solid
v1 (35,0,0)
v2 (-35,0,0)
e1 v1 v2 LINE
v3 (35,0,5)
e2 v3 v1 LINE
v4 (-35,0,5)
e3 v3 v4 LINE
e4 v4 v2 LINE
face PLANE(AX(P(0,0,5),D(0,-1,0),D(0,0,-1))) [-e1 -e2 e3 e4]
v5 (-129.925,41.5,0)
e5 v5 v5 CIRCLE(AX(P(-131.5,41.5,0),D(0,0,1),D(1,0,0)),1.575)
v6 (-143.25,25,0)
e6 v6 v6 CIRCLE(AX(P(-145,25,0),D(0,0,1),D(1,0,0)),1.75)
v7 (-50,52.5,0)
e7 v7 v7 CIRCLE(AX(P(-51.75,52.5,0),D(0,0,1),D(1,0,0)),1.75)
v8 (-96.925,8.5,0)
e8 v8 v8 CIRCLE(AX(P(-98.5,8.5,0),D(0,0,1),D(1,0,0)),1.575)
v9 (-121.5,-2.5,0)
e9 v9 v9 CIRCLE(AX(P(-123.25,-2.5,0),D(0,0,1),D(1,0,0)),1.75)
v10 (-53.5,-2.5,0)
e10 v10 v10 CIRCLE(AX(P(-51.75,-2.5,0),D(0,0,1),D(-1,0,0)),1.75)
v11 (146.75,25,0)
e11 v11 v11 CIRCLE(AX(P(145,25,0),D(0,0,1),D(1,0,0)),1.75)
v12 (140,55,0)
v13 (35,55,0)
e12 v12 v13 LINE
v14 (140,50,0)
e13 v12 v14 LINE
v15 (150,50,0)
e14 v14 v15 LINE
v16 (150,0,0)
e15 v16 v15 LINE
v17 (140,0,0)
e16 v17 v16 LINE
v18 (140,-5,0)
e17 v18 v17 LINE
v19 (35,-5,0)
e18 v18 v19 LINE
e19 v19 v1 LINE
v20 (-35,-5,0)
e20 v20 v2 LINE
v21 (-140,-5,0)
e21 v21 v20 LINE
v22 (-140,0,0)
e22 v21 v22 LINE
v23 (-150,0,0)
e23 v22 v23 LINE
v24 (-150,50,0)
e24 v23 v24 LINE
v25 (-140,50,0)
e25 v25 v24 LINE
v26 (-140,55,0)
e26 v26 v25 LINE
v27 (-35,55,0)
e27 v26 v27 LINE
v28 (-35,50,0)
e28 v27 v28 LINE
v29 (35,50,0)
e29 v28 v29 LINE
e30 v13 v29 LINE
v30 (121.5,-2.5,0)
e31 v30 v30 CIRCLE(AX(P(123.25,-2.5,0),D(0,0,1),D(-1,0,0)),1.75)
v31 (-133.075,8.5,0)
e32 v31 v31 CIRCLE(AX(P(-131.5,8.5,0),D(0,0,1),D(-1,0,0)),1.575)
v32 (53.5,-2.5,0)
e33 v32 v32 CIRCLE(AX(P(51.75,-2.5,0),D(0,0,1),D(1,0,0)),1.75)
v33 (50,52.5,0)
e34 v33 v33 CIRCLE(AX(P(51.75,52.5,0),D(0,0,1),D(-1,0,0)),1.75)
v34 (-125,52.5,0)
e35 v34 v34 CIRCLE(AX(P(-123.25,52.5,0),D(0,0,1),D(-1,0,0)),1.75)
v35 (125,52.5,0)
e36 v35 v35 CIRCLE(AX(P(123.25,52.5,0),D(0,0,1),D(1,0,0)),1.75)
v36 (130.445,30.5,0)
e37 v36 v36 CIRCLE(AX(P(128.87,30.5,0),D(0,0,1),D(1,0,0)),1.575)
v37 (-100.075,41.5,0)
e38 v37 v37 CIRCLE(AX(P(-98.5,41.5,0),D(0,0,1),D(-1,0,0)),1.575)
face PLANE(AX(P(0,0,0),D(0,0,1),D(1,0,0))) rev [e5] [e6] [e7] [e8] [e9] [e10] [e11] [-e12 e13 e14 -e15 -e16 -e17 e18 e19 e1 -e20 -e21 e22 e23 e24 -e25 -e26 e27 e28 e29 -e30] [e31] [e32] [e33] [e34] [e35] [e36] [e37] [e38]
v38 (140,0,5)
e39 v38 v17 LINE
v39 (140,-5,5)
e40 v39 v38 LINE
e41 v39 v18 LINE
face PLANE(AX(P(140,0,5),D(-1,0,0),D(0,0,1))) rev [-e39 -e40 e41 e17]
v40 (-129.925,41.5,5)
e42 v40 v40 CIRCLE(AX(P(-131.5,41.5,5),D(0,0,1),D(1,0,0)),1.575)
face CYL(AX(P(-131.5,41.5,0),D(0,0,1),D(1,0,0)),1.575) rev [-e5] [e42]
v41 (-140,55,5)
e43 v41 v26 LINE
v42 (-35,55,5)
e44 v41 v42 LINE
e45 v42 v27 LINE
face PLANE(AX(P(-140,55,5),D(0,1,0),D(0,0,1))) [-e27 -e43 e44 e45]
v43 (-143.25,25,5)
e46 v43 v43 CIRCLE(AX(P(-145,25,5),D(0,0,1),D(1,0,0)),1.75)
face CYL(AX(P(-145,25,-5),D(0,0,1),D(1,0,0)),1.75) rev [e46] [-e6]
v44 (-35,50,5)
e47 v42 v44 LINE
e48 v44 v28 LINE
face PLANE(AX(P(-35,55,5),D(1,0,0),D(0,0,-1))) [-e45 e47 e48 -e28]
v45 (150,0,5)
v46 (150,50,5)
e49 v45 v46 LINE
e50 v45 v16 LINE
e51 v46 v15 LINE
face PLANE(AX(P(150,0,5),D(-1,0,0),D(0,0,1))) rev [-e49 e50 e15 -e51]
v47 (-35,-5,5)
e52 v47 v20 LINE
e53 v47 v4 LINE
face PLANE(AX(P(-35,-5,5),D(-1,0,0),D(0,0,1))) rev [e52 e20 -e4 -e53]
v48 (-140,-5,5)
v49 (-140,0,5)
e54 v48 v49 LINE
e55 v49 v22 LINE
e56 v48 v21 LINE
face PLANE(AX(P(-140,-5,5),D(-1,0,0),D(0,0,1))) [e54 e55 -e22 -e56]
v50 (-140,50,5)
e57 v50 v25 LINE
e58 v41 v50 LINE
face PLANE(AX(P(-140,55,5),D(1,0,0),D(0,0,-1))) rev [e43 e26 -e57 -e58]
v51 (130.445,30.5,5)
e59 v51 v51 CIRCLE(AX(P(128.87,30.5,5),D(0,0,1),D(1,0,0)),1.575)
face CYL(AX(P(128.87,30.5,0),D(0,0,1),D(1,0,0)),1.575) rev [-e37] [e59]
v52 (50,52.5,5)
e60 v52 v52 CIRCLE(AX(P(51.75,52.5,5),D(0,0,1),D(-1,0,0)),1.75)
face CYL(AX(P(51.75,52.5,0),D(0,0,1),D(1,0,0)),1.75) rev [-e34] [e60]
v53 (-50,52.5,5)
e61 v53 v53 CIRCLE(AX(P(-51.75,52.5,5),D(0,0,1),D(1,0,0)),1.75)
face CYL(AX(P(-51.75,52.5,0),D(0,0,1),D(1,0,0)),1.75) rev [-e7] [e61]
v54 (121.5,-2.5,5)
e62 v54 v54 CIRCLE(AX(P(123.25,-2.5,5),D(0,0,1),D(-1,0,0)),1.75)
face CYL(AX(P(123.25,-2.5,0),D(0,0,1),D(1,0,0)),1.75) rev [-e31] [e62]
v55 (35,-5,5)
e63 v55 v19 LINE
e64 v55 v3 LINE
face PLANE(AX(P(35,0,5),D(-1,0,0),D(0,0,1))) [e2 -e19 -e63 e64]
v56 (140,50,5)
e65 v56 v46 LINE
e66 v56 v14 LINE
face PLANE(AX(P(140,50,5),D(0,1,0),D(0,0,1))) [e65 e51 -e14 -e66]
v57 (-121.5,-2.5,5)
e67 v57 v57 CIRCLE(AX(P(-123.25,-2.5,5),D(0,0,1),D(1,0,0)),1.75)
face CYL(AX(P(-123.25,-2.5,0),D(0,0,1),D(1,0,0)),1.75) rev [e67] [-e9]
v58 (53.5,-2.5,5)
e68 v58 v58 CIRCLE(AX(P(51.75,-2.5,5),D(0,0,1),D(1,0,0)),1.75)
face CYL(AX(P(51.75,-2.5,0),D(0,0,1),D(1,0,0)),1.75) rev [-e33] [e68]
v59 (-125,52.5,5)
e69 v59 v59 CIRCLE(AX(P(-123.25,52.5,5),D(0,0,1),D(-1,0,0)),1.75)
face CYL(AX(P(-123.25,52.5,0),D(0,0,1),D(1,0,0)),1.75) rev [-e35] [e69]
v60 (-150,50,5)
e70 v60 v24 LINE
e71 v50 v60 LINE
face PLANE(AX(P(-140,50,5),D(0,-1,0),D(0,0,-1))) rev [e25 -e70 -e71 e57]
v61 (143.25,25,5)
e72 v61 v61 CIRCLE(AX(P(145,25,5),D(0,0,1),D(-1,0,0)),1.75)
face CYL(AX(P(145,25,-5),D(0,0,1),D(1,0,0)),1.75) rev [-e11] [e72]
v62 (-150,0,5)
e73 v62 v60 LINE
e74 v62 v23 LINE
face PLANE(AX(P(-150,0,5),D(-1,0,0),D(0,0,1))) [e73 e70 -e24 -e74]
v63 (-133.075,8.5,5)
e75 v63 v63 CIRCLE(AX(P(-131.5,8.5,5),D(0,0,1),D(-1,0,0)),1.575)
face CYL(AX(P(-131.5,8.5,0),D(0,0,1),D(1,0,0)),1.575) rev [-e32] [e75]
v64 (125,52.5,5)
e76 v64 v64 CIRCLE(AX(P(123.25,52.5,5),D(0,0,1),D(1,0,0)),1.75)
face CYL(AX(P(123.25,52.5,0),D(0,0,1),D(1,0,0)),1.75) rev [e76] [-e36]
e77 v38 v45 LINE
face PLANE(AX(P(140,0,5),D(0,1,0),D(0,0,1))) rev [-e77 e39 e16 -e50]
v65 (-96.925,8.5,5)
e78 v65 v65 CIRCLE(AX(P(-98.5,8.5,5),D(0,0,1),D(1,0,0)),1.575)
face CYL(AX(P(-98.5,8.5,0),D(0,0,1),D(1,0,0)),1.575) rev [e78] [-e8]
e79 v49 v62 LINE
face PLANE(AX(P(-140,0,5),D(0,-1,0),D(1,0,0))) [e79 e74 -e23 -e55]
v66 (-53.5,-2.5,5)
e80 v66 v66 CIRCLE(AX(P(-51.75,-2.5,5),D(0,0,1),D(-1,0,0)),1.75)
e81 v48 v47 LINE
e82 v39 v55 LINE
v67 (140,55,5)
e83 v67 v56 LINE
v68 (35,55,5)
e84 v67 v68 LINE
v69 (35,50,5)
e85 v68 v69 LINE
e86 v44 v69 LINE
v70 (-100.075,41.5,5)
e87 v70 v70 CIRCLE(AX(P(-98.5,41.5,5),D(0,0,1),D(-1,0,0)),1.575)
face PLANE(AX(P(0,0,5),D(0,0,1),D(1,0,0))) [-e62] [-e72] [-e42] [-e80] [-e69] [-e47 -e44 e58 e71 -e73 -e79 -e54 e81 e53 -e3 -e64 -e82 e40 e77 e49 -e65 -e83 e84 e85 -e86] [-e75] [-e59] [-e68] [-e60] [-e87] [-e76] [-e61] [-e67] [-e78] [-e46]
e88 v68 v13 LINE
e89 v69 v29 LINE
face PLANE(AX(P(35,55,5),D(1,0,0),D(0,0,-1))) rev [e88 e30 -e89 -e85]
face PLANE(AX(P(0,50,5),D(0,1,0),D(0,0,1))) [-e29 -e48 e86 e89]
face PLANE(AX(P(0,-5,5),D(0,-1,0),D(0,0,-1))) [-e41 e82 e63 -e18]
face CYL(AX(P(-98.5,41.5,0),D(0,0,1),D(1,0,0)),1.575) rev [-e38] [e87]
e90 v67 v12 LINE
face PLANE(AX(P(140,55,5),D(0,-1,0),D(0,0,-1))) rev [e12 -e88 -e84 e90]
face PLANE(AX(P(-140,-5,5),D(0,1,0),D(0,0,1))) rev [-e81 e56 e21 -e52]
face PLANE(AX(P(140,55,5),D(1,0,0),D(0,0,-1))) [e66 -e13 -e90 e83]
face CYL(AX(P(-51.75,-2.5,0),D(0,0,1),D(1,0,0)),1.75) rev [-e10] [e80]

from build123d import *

# Parameters (mm, degrees)
SKETCH1_W           = 105
SKETCH1_H           = 5
SKETCH1_W_2         = 10
SKETCH1_H_2         = 50
BOSS_EXTRUDE1_DEPTH = 5
SKETCH2_R           = 1.75
CUT_EXTRUDE1_DEPTH  = 5
SKETCH3_R           = 1.75
CUT_EXTRUDE2_DEPTH  = 10
SKETCH5_R           = 1.575
CUT_EXTRUDE4_DEPTH  = 160.843673631


with BuildPart() as part:
    # Sketch1 → Boss-Extrude1 (new body)
    with BuildSketch(Plane.XY):
        Polygon((-35, 0), (0, 0), (0, 50), (-35, 50), (-140, 50), (-140, 0), align=None)
        Polygon((0, 50), (0, 0), (35, 0), (140, 0), (140, 50), (35, 50), align=None)
        with Locations((-87.5, -2.5)):
            Rectangle(SKETCH1_W, SKETCH1_H)
        with Locations((87.5, -2.5)):
            Rectangle(SKETCH1_W, SKETCH1_H)
        with Locations((-87.5, 52.5)):
            Rectangle(SKETCH1_W, SKETCH1_H)
        with Locations((87.5, 52.5)):
            Rectangle(SKETCH1_W, SKETCH1_H)
        with Locations((-145, 25)):
            Rectangle(SKETCH1_W_2, SKETCH1_H_2)
        with Locations((145, 25)):
            Rectangle(SKETCH1_W_2, SKETCH1_H_2)
    extrude(amount=BOSS_EXTRUDE1_DEPTH)

    # Sketch2 → Cut-Extrude1 (cut)
    with BuildSketch(Plane.XY.offset(5)):
        with Locations((-123.25, -2.5)):
            Circle(SKETCH2_R)
        with Locations(Location((-51.75, -2.5, 0), (0, 0, 180))):
            Circle(SKETCH2_R)
        with Locations((51.75, -2.5)):
            Circle(SKETCH2_R)
        with Locations(Location((123.25, -2.5, 0), (0, 0, 180))):
            Circle(SKETCH2_R)
        with Locations((123.25, 52.5)):
            Circle(SKETCH2_R)
        with Locations(Location((51.75, 52.5, 0), (0, 0, 180))):
            Circle(SKETCH2_R)
        with Locations((-51.75, 52.5)):
            Circle(SKETCH2_R)
        with Locations(Location((-123.25, 52.5, 0), (0, 0, 180))):
            Circle(SKETCH2_R)
    extrude(amount=-CUT_EXTRUDE1_DEPTH, mode=Mode.SUBTRACT)

    # Sketch3 → Cut-Extrude2 (cut)
    with BuildSketch(Plane.XY.offset(5)):
        with Locations((-145, 25)):
            Circle(SKETCH3_R)
        with Locations((145, 25)):
            Circle(SKETCH3_R)
    extrude(amount=-CUT_EXTRUDE2_DEPTH, mode=Mode.SUBTRACT)

    # Sketch5 → Cut-Extrude4 (cut, through all)
    with BuildSketch(Plane.XY.offset(5)):
        with Locations((-131.5, 41.5)):
            Circle(SKETCH5_R)
        with Locations(Location((-98.5, 41.5, 0), (0, 0, 180))):
            Circle(SKETCH5_R)
        with Locations((-98.5, 8.5)):
            Circle(SKETCH5_R)
        with Locations(Location((-131.5, 8.5, 0), (0, 0, 180))):
            Circle(SKETCH5_R)
        with Locations((128.87, 30.5)):
            Circle(SKETCH5_R)
    extrude(amount=-CUT_EXTRUDE4_DEPTH, mode=Mode.SUBTRACT)


solid = part.part
